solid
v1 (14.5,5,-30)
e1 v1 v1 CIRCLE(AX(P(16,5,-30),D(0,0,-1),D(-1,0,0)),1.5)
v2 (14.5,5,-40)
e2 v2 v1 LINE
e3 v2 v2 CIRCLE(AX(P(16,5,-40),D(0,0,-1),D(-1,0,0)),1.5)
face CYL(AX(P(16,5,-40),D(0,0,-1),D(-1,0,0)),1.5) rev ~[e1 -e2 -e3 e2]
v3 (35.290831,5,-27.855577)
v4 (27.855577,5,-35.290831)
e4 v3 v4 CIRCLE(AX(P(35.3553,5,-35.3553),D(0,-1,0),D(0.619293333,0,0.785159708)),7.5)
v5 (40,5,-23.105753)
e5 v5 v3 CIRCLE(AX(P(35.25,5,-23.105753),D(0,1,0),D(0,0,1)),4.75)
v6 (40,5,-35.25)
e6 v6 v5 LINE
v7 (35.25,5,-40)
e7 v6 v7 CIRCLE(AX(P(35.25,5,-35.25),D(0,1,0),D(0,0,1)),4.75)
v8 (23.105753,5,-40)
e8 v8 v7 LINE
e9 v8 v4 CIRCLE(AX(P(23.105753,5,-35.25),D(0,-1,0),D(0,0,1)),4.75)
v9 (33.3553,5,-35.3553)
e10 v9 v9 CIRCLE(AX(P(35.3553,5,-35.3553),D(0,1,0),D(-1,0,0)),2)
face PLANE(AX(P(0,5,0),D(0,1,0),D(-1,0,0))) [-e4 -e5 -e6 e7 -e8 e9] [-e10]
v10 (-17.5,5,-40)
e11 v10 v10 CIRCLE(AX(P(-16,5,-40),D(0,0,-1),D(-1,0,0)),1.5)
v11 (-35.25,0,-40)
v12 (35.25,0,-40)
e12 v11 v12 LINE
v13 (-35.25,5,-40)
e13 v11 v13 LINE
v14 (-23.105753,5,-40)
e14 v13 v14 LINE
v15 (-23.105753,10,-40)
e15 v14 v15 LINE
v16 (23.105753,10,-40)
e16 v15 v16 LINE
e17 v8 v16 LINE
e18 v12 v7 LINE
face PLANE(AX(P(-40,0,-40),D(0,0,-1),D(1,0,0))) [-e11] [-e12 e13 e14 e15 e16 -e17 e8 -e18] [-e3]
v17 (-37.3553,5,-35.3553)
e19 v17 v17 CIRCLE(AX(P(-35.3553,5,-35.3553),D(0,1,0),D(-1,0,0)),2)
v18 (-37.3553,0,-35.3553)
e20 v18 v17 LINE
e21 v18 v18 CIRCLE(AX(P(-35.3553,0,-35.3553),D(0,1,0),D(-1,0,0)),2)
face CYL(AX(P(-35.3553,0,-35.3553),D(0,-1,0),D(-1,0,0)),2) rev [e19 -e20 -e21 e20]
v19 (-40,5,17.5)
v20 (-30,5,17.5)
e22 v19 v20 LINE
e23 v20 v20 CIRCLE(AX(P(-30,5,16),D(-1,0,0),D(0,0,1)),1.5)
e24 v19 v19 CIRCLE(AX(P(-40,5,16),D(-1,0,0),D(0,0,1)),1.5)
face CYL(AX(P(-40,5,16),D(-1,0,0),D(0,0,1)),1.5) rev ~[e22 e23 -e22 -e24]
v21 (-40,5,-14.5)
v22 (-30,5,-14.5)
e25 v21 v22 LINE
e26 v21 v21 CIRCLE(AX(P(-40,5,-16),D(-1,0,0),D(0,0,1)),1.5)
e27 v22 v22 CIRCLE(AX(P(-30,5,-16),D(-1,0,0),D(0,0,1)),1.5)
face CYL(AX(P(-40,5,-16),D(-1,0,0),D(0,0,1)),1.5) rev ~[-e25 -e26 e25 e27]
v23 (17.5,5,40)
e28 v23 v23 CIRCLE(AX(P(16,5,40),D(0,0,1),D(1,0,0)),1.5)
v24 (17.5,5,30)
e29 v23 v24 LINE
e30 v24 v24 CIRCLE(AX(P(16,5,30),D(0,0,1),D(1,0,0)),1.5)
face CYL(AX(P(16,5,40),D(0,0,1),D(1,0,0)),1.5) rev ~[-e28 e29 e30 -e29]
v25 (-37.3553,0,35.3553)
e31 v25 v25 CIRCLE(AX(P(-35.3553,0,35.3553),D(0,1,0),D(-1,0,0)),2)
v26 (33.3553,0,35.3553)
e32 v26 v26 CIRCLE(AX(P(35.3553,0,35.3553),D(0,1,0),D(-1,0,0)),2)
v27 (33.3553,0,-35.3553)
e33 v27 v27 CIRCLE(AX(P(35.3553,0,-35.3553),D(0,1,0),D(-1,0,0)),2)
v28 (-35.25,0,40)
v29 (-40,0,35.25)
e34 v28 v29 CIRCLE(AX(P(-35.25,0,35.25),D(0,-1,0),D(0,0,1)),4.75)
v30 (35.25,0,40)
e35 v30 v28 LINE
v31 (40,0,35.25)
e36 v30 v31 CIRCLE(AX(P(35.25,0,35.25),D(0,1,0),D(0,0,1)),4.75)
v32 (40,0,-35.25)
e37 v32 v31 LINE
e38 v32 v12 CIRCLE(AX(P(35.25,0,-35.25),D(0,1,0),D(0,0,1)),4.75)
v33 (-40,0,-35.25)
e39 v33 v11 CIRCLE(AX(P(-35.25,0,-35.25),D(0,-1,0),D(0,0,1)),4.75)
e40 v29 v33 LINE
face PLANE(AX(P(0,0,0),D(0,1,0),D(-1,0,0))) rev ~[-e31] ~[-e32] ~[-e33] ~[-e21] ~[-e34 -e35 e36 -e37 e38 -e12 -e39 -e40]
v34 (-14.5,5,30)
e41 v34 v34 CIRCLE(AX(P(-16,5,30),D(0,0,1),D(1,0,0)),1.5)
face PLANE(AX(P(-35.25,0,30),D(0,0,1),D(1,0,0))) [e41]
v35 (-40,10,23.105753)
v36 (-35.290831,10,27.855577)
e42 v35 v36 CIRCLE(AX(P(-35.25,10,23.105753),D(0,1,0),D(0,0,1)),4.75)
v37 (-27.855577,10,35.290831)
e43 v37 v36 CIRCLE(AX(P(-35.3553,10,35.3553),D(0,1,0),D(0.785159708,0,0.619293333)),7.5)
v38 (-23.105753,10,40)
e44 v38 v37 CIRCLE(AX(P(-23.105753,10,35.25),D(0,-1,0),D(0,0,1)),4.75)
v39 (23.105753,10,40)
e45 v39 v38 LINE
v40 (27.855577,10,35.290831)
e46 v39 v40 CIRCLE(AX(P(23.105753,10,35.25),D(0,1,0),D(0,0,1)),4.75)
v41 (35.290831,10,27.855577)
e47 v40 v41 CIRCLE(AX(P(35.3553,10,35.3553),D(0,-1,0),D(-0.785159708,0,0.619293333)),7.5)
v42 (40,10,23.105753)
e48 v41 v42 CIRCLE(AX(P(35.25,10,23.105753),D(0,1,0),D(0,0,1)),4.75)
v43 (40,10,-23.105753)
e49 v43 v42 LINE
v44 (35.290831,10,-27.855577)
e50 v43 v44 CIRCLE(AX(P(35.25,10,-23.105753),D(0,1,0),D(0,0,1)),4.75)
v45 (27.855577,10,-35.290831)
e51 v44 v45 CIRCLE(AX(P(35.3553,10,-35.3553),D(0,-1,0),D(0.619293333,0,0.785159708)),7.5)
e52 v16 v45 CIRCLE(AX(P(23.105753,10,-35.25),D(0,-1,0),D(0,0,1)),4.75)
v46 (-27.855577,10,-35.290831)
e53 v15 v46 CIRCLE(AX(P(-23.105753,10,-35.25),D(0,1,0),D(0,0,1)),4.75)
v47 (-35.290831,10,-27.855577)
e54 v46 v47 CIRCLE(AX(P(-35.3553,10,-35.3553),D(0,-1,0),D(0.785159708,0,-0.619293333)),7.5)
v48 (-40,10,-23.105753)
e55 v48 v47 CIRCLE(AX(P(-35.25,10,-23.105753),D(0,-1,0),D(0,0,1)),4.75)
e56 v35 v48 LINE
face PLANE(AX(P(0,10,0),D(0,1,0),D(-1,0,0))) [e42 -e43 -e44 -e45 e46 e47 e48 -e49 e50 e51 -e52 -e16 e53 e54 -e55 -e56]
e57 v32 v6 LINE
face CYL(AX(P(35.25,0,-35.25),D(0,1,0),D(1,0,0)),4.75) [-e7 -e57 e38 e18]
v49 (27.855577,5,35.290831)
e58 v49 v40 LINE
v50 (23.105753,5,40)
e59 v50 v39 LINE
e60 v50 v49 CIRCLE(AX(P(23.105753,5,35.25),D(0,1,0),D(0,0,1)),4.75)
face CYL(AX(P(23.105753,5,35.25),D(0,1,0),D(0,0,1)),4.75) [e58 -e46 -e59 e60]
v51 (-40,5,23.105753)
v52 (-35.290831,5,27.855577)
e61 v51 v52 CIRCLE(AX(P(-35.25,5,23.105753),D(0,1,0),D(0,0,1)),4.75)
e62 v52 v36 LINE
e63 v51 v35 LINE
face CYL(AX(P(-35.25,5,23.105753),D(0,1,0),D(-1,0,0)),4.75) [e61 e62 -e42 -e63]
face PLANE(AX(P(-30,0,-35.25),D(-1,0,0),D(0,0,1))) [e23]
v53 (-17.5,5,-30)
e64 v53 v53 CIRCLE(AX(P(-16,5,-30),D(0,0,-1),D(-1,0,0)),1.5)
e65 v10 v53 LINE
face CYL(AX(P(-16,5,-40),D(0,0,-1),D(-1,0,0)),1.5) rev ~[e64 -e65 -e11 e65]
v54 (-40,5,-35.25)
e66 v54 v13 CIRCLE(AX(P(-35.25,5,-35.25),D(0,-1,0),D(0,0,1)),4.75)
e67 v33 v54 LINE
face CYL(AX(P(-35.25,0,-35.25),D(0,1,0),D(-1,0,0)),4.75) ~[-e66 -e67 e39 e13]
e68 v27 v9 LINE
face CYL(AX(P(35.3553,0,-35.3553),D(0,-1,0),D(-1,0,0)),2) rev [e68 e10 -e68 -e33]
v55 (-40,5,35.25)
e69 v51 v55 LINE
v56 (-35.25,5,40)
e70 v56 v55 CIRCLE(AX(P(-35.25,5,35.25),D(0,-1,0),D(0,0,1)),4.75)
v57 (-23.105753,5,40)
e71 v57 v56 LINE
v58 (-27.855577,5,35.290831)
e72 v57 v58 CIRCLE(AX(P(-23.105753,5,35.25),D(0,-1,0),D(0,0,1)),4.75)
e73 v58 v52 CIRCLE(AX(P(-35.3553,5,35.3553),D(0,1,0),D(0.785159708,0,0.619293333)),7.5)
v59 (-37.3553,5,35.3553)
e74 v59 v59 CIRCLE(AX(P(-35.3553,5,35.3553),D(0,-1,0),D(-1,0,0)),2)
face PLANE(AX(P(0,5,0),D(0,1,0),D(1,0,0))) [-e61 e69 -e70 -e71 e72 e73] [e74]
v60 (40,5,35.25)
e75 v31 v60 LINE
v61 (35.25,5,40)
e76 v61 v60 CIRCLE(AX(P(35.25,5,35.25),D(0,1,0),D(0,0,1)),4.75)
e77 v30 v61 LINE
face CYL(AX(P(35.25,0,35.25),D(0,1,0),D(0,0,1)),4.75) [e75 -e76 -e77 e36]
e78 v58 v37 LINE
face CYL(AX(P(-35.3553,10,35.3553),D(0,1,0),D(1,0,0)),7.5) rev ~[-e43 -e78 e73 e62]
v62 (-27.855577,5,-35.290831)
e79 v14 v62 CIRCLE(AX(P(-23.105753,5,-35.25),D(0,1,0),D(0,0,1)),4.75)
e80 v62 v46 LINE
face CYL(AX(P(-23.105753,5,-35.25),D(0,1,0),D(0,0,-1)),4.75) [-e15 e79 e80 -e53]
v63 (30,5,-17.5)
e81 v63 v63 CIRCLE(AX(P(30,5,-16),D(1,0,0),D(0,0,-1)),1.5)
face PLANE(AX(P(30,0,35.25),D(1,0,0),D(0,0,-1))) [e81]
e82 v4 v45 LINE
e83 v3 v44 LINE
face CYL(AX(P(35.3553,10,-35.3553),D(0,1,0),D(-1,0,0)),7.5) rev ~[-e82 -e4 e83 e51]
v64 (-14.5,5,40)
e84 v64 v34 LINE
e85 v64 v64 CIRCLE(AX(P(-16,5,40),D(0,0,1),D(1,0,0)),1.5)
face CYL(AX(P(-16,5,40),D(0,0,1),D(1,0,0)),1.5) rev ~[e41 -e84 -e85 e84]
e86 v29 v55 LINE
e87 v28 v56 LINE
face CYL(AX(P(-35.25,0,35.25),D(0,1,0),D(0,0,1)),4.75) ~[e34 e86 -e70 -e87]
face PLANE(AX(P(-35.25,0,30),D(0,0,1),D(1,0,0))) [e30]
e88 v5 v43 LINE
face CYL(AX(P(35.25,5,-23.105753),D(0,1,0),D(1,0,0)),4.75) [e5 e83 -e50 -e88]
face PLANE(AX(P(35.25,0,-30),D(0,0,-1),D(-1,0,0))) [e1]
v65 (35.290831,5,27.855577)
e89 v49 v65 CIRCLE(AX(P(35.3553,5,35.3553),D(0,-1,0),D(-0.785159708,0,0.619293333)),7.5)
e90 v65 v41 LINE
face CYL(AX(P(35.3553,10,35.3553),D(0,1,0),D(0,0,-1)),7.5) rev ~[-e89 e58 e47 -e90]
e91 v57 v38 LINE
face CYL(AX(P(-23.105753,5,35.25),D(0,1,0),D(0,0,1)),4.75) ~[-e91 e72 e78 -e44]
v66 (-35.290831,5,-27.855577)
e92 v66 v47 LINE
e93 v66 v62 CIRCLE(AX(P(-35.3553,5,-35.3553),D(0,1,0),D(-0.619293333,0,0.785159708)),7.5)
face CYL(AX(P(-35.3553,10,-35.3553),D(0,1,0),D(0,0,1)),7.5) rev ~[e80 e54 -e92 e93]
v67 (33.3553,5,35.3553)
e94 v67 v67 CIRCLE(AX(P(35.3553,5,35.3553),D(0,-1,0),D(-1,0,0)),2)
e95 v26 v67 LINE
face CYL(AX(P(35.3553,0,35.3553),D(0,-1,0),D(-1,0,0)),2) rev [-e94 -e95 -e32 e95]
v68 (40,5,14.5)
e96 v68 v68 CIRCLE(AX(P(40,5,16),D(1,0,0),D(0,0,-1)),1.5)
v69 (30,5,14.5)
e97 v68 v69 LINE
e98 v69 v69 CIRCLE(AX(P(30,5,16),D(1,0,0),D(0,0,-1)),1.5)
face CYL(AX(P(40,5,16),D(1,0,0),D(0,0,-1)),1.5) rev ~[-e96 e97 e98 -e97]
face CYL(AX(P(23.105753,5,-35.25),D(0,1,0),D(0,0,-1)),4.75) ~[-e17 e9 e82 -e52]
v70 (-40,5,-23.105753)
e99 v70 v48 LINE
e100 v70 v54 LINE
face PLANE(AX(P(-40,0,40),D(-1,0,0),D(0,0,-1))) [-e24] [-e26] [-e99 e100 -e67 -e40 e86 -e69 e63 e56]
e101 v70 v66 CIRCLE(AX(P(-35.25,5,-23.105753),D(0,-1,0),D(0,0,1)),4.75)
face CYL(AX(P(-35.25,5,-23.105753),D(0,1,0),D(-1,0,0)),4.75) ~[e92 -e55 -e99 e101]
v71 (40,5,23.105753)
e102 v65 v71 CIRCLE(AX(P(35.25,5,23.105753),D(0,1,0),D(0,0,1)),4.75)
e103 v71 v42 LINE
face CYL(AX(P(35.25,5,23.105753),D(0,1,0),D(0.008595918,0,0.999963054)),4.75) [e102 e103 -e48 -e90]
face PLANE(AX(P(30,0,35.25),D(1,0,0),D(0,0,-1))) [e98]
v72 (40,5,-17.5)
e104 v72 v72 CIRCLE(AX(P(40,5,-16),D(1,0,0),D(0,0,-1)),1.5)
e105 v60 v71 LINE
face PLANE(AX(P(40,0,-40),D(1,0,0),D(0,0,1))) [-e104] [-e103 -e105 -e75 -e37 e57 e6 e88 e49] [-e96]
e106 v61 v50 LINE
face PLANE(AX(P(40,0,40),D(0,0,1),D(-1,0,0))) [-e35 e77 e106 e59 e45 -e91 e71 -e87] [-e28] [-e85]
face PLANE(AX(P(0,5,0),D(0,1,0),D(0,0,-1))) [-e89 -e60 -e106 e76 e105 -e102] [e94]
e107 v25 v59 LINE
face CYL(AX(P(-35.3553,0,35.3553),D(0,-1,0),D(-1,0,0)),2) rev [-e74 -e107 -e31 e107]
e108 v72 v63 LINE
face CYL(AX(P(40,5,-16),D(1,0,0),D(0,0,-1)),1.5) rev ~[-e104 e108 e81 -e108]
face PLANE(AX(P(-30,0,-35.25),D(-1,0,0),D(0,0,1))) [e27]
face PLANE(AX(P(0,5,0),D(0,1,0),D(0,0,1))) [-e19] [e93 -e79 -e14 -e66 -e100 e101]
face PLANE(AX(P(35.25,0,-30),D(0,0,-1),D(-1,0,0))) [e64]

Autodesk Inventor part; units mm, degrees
ref_plane "YZ Plane" through (0, 0, 0) normal (1, 0, 0) x (0, 1, 0)
ref_plane "XZ Plane" through (0, 0, 0) normal (0, 1, 0) x (-1, 0, 0)
ref_plane "XY Plane" through (0, 0, 0) normal (0, 0, 1) x (1, 0, 0)
sketch "Эскиз1" plane through (0, 0, 0) normal (0, 1, 0) x (-1, 0, 0)
  circle A0 centre (35.3553, 35.3553) radius 2
  circle A1 centre (-35.3553, 35.3553) radius 2
  circle A2 centre (-35.3553, -35.3553) radius 2
  circle A3 centre (35.3553, -35.3553) radius 2
  line L0 (-40, 40) -> (40, 40)
  line L1 (40, 40) -> (40, -40)
  line L2 (40, -40) -> (-40, -40)
  line L3 (-40, -40) -> (-40, 40)
  line L4 (-40, 40) -> (40, -40) construction
  line L5 (40, 40) -> (-40, -40) construction
  line L6 (35.3553, 35.3553) -> (0, 0) construction
  line L7 (0, 0) -> (0, 4.1405) construction
  dimension "d0" = 4
  dimension "d1" = 50
  dimension "d4" = 360
  dimension "d6" = 80
  dimension "d7" = 80
  dimension "d17" = 45
extrude "Выдавливание1" add sketch "Эскиз1" along normal blind 10
sketch "Эскиз2" plane through (0, 10, 0) normal (0, 1, 0) x (1, 0, 0)
  circle A0 centre (-35.3553, -35.3553) radius 2 projected
  circle A1 centre (-35.3553, -35.3553) radius 7.5
  point P0 (0, 0)
  dimension "d10" = 15
extrude "Выдавливание2" cut sketch "Эскиз2" against normal blind 5
pattern_circular "Круговой массив1" count 4 over 360 about axis through (0, -10, 0) along (0, 1, 0) of "Выдавливание2"
fillet "Сопряжение1" radius 4.75 12 edges at (29.4666, 7.5, 40) (40, 7.5, 29.4666) (40, 7.5, -29.4666) (29.4666, 7.5, -40) (-29.4666, 7.5, -40) (-40, 7.5, -29.4666) (-40, 7.5, 29.4666) (-29.4666, 7.5, 40) (-40, 2.5, 40) (40, 2.5, 40) (40, 2.5, -40) (-40, 2.5, -40)
sketch "Эскиз3" plane through (-35.25, 0, 40) normal (0, 0, 1) x (1, 0, 0)
  circle A0 centre (19.25, 5) radius 1.5
  circle A1 centre (51.25, 5) radius 1.5
  line L0 (0, 0) -> (70.5, 0) projected
  line L1 (35.25, 0) -> (35.25, 5.0167)
  dimension "d18" = 3
  dimension "d19" = 3
  dimension "d20" = 5
  dimension "d21" = 16
extrude "Выдавливание3" cut sketch "Эскиз3" against normal blind 10
pattern_circular "Круговой массив2" count 4 over 360 about axis through (0, -10, 0) along (0, 1, 0) of "Выдавливание3"
sketch "Эскиз4" plane through (-35.25, 0, 40) normal (0, 0, 1) x (1, 0, 0)
  circle A0 centre (51.25, 5) radius 1.5 projected
  circle A1 centre (19.25, 5) radius 1.5 projected
  line L0 (70.5, 5) -> (70.5, 0) projected
  line L1 (70.5, 5) -> (58.3558, 5) projected
  line L2 (58.3558, 10) -> (58.3558, 5) projected
  line L3 (12.1442, 10) -> (58.3558, 10) projected
  line L4 (12.1442, 5) -> (12.1442, 10) projected
  line L5 (12.1442, 5) -> (0, 5) projected
  line L6 (0, 0) -> (0, 5) projected
  line L7 (0, 0) -> (70.5, 0) projected
  point P0 (35.25, 0)
properties part number "KB33-046-009 - Колпак лидара"
